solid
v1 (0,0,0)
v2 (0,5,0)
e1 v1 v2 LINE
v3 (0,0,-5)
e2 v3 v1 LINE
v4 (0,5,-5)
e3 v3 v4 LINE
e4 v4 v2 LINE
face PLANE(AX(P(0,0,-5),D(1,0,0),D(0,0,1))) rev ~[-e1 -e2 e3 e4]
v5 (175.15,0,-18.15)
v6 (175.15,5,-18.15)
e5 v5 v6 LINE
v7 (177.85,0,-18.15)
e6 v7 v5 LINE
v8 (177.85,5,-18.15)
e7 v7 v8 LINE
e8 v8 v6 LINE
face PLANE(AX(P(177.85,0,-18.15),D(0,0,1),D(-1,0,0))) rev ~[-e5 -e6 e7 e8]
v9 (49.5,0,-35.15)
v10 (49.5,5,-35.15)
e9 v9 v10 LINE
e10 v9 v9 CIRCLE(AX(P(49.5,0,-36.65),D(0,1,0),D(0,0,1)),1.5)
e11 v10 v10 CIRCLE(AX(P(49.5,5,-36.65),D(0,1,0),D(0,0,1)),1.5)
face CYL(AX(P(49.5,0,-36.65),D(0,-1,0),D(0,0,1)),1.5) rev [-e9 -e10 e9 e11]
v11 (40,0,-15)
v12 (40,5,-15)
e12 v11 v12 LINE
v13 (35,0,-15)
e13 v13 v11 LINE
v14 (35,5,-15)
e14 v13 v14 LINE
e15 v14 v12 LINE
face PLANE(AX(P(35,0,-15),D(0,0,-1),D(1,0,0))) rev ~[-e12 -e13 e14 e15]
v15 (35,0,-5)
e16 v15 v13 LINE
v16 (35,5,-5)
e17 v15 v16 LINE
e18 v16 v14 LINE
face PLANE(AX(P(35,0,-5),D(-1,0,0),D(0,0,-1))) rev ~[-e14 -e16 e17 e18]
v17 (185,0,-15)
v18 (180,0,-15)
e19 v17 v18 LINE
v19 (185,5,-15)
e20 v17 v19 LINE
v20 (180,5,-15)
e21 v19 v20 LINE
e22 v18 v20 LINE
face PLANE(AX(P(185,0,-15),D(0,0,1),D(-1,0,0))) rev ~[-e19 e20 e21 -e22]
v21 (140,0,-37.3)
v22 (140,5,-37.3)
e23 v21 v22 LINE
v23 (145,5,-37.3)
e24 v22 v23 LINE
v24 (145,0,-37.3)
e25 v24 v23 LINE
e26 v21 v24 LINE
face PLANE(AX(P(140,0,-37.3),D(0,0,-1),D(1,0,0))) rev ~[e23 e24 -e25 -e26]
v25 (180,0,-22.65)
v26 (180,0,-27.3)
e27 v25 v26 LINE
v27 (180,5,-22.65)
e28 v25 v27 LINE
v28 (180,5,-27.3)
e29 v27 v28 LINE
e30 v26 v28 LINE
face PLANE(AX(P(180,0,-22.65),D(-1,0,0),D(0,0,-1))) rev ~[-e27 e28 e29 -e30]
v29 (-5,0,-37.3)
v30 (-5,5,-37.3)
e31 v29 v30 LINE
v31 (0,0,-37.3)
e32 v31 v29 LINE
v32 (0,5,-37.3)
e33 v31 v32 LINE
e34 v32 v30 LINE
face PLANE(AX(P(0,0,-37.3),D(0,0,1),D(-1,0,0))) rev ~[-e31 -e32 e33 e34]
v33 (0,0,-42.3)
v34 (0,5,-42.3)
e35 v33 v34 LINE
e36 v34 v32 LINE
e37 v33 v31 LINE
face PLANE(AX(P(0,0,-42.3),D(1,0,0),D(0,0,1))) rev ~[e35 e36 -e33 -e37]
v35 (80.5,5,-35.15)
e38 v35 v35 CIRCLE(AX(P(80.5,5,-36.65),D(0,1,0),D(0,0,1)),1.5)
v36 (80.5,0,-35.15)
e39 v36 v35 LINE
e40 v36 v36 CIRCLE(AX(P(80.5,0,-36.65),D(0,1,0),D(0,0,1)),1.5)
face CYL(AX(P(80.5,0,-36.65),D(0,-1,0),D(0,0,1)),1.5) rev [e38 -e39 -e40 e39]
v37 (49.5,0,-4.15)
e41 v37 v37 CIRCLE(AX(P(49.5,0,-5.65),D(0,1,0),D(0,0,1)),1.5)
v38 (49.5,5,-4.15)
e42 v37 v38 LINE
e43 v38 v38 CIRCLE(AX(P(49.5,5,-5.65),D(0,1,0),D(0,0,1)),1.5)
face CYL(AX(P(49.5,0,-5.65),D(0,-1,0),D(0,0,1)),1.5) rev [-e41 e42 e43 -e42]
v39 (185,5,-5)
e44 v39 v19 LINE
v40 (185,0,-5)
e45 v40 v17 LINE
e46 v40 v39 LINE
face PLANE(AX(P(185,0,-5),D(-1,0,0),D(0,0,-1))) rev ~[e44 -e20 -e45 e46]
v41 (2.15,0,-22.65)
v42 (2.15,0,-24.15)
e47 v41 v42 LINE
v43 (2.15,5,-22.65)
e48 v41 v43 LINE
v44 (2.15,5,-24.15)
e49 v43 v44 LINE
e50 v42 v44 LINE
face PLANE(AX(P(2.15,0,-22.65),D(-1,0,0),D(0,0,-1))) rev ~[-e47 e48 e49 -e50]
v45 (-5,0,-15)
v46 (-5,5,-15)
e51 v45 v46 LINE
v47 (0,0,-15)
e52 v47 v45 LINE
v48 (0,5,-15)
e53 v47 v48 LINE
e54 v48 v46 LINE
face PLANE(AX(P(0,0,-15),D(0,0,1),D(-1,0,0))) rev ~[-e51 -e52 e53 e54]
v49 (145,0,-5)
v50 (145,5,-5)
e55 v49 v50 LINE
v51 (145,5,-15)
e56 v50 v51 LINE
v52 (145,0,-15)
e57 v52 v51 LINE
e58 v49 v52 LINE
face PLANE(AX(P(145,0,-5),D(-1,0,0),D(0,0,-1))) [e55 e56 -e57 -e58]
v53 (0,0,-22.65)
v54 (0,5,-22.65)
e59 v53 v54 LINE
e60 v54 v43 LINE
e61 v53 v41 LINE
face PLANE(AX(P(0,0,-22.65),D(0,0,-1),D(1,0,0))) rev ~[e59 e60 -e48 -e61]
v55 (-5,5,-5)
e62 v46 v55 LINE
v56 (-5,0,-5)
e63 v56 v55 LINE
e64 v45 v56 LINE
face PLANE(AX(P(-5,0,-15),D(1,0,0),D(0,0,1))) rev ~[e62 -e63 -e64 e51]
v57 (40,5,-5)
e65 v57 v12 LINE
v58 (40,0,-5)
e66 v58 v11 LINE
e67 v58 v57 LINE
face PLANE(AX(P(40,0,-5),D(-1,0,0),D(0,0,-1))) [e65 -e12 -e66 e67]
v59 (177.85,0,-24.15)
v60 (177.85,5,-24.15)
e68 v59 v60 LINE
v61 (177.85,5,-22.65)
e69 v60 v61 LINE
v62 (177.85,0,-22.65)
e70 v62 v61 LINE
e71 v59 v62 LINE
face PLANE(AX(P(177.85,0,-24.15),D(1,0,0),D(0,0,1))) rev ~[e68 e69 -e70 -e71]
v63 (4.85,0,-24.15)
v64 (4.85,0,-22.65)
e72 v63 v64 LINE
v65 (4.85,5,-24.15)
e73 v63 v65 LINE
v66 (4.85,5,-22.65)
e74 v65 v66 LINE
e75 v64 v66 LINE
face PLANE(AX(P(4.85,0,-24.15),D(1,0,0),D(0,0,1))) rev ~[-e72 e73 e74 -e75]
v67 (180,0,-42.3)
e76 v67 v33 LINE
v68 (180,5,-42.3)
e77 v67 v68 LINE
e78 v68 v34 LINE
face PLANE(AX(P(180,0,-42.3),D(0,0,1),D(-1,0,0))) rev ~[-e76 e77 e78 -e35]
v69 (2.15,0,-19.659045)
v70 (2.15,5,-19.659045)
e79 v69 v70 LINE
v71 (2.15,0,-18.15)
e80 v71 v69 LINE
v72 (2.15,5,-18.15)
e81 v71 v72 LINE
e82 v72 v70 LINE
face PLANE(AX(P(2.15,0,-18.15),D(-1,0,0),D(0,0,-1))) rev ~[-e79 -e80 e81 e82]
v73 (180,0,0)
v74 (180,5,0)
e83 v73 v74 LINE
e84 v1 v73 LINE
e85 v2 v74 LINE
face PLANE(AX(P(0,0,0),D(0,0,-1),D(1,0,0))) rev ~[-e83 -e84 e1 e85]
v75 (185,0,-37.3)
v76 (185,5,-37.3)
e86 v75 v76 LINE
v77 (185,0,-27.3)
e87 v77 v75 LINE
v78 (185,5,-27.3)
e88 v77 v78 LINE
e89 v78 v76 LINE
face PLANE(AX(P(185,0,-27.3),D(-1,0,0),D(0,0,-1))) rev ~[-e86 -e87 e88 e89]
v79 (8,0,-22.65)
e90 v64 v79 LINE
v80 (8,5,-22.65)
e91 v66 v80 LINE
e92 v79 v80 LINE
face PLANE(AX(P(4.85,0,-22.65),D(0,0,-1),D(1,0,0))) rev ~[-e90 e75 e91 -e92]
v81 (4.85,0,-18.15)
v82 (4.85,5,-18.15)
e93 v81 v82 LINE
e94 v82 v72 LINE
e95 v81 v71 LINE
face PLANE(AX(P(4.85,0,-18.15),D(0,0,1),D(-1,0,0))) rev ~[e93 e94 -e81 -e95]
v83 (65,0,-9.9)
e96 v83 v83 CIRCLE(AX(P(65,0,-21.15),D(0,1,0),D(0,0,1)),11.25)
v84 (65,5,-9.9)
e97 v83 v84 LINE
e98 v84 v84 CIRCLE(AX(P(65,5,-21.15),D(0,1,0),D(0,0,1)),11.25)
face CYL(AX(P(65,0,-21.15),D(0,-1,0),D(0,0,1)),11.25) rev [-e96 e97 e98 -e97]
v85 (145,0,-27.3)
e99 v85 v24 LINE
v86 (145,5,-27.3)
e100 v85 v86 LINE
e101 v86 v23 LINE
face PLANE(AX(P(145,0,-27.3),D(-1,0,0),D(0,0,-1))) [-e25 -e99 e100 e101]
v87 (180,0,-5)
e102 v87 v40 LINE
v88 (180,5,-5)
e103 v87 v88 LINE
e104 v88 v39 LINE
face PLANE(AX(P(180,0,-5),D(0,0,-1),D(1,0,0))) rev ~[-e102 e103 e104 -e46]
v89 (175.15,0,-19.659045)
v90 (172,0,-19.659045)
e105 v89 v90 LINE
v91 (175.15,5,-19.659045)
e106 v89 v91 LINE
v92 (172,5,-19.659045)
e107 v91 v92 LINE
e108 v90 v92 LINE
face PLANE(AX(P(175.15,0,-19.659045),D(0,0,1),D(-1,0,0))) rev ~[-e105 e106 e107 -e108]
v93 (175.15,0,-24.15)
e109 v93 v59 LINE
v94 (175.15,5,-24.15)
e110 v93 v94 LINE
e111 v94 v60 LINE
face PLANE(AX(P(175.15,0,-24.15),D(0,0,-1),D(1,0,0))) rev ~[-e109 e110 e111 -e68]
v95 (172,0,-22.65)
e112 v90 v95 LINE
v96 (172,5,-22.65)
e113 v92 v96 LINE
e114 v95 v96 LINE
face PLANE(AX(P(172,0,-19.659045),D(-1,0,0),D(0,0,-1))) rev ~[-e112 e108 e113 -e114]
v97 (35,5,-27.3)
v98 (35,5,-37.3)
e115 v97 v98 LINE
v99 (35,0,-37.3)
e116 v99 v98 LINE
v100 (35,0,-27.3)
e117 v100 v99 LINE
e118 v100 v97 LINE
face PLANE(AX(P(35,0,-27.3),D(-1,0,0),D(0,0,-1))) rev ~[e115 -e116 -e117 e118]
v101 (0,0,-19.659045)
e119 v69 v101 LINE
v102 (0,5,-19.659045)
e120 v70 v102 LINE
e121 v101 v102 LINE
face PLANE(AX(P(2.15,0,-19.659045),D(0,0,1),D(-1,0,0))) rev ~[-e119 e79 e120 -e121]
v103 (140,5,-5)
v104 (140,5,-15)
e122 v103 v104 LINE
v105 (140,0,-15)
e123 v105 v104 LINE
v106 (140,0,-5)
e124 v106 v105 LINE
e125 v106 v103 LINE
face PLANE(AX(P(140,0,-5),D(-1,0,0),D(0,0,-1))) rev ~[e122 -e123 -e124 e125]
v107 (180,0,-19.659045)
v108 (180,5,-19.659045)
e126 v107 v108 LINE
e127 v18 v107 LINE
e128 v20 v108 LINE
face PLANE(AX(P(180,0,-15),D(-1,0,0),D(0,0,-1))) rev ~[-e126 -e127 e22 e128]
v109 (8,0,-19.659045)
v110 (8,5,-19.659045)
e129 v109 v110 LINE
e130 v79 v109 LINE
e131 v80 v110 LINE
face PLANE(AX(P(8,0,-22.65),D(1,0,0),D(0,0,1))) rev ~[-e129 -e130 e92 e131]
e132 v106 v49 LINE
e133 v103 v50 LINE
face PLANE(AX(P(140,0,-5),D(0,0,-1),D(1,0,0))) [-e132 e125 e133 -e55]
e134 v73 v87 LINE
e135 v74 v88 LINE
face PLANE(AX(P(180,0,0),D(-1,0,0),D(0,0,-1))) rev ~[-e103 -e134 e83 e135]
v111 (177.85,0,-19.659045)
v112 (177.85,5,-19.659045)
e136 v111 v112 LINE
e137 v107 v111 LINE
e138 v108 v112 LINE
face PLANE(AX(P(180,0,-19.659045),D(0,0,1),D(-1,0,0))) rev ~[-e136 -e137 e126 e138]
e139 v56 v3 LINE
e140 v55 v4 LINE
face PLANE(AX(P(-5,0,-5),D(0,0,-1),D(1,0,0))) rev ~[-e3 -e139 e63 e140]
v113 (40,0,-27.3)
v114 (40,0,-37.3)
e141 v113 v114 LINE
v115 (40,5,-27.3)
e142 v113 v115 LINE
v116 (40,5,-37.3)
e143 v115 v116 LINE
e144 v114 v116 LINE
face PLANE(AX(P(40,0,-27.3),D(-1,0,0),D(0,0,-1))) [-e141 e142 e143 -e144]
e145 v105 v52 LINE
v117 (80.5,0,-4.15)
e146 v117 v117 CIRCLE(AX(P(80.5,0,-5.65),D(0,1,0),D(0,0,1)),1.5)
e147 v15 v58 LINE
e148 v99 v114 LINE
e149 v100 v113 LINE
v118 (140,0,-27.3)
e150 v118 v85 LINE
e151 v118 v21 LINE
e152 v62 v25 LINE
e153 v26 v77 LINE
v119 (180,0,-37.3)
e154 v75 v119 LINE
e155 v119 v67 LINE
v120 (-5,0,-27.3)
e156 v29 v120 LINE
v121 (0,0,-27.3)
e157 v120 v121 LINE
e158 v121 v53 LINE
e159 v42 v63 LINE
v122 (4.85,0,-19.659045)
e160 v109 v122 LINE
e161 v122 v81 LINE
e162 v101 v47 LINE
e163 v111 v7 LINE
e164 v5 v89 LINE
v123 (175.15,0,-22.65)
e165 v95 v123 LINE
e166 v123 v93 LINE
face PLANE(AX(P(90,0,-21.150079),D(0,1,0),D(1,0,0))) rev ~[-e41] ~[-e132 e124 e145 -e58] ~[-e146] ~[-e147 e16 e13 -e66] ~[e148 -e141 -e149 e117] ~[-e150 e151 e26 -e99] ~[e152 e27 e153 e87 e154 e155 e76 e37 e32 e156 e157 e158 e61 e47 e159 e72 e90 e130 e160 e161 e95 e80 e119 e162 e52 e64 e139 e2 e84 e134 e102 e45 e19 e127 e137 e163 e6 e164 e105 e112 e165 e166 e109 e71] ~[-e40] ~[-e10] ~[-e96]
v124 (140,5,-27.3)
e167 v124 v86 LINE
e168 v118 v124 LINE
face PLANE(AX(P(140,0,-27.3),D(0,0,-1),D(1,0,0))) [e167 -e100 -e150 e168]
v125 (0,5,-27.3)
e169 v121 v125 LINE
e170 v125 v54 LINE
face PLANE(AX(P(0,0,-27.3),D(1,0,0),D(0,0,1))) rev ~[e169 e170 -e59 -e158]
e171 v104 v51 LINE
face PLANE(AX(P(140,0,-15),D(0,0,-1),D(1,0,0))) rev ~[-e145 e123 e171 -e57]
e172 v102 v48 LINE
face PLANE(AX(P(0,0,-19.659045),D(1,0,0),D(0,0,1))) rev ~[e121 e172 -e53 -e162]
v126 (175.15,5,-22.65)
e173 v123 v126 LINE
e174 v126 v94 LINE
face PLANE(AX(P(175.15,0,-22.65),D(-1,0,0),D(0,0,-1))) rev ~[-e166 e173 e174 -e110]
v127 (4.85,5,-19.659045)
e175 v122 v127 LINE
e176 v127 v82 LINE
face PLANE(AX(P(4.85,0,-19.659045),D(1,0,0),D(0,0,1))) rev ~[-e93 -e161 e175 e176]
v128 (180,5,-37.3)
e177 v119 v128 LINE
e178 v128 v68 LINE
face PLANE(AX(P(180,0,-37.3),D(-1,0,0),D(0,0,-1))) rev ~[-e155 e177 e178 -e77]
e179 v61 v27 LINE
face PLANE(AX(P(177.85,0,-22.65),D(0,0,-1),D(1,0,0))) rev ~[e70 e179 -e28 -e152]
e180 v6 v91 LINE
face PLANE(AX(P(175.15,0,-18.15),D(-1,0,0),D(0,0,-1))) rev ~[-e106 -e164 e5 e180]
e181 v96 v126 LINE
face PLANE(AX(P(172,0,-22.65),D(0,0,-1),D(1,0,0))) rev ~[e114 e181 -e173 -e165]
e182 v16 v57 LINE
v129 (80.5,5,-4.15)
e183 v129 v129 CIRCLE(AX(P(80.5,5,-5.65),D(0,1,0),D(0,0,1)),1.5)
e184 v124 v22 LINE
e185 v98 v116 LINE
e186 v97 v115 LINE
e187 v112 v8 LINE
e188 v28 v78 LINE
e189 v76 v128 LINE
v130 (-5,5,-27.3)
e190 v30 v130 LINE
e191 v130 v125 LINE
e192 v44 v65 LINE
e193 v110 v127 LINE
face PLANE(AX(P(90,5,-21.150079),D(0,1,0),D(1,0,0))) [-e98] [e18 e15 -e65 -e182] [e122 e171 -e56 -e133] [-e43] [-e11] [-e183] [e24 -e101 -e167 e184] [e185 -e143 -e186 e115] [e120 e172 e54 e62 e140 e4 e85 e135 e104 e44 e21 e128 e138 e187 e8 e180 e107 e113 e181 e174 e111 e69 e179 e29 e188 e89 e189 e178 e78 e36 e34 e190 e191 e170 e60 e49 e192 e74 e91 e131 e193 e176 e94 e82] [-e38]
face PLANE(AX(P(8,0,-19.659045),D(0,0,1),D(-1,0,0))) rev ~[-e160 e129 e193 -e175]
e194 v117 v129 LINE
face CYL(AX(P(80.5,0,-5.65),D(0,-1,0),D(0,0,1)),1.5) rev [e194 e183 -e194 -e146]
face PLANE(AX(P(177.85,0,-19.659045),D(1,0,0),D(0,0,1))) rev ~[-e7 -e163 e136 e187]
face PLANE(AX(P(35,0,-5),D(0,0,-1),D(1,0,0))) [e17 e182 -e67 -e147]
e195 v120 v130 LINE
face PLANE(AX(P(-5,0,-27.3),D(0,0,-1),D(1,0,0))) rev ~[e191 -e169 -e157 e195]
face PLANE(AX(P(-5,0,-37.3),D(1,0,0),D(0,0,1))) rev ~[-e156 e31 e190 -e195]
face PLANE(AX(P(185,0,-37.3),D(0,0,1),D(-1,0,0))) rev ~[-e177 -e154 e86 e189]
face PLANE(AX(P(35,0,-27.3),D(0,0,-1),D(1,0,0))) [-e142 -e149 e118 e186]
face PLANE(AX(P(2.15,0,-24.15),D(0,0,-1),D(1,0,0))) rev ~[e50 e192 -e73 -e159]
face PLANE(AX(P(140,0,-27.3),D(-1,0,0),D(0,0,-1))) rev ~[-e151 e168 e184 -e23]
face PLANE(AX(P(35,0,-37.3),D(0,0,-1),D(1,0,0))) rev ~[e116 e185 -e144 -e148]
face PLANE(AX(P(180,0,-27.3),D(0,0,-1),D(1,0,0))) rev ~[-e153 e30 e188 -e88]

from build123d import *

# Parameters (mm, degrees)
SKETCH_1_R      = 11.25
SKETCH_1_R_2    = 1.5
SKETCH_1_W      = 5
SKETCH_1_H      = 10
EXTRUDE_1_DEPTH = 5


with BuildPart() as part:
    # 草图1 → 凸台-拉伸1 (new body)
    with BuildSketch(Plane(origin=(0, 0, 0), x_dir=(1, 0, 0), z_dir=(0, 1, 0))):
        Polygon((0, 0), (180, 0), (180, 5), (185, 5), (185, 15), (180, 15), (180, 19.659044965), (177.85, 19.659044965), (177.85, 18.15), (175.15, 18.15), (175.15, 19.659044965), (172, 19.659044965), (172, 22.65), (175.15, 22.65), (175.15, 24.15), (177.85, 24.15), (177.85, 22.65), (180, 22.65), (180, 27.3), (185, 27.3), (185, 37.3), (180, 37.3), (180, 42.3), (99, 42.3), (81, 42.3), (0, 42.3), (0, 37.3), (-5, 37.3), (-5, 27.3), (0, 27.3), (0, 22.65), (2.15, 22.65), (2.15, 24.15), (4.85, 24.15), (4.85, 22.65), (8, 22.65), (8, 19.659044965), (4.85, 19.659044965), (4.85, 18.15), (2.15, 18.15), (2.15, 19.659044965), (0, 19.659044965), (0, 15), (-5, 15), (-5, 5), (0, 5), align=None)
        with Locations(Location((65, 21.15, 0), (0, 0, 270))):
            Circle(SKETCH_1_R, mode=Mode.SUBTRACT)
        with Locations(Location((49.5, 36.65, 0), (0, 0, 270))):
            Circle(SKETCH_1_R_2, mode=Mode.SUBTRACT)
        with Locations(Location((80.5, 36.65, 0), (0, 0, 270))):
            Circle(SKETCH_1_R_2, mode=Mode.SUBTRACT)
        with Locations(Location((80.5, 5.65, 0), (0, 0, 270))):
            Circle(SKETCH_1_R_2, mode=Mode.SUBTRACT)
        with Locations(Location((49.5, 5.65, 0), (0, 0, 270))):
            Circle(SKETCH_1_R_2, mode=Mode.SUBTRACT)
        with Locations((37.5, 32.3)):
            Rectangle(SKETCH_1_W, SKETCH_1_H, mode=Mode.SUBTRACT)
        with Locations((37.5, 10)):
            Rectangle(SKETCH_1_W, SKETCH_1_H, mode=Mode.SUBTRACT)
        with Locations((142.5, 32.3)):
            Rectangle(SKETCH_1_W, SKETCH_1_H, mode=Mode.SUBTRACT)
        with Locations((142.5, 10)):
            Rectangle(SKETCH_1_W, SKETCH_1_H, mode=Mode.SUBTRACT)
    extrude(amount=EXTRUDE_1_DEPTH)


solid = part.part
